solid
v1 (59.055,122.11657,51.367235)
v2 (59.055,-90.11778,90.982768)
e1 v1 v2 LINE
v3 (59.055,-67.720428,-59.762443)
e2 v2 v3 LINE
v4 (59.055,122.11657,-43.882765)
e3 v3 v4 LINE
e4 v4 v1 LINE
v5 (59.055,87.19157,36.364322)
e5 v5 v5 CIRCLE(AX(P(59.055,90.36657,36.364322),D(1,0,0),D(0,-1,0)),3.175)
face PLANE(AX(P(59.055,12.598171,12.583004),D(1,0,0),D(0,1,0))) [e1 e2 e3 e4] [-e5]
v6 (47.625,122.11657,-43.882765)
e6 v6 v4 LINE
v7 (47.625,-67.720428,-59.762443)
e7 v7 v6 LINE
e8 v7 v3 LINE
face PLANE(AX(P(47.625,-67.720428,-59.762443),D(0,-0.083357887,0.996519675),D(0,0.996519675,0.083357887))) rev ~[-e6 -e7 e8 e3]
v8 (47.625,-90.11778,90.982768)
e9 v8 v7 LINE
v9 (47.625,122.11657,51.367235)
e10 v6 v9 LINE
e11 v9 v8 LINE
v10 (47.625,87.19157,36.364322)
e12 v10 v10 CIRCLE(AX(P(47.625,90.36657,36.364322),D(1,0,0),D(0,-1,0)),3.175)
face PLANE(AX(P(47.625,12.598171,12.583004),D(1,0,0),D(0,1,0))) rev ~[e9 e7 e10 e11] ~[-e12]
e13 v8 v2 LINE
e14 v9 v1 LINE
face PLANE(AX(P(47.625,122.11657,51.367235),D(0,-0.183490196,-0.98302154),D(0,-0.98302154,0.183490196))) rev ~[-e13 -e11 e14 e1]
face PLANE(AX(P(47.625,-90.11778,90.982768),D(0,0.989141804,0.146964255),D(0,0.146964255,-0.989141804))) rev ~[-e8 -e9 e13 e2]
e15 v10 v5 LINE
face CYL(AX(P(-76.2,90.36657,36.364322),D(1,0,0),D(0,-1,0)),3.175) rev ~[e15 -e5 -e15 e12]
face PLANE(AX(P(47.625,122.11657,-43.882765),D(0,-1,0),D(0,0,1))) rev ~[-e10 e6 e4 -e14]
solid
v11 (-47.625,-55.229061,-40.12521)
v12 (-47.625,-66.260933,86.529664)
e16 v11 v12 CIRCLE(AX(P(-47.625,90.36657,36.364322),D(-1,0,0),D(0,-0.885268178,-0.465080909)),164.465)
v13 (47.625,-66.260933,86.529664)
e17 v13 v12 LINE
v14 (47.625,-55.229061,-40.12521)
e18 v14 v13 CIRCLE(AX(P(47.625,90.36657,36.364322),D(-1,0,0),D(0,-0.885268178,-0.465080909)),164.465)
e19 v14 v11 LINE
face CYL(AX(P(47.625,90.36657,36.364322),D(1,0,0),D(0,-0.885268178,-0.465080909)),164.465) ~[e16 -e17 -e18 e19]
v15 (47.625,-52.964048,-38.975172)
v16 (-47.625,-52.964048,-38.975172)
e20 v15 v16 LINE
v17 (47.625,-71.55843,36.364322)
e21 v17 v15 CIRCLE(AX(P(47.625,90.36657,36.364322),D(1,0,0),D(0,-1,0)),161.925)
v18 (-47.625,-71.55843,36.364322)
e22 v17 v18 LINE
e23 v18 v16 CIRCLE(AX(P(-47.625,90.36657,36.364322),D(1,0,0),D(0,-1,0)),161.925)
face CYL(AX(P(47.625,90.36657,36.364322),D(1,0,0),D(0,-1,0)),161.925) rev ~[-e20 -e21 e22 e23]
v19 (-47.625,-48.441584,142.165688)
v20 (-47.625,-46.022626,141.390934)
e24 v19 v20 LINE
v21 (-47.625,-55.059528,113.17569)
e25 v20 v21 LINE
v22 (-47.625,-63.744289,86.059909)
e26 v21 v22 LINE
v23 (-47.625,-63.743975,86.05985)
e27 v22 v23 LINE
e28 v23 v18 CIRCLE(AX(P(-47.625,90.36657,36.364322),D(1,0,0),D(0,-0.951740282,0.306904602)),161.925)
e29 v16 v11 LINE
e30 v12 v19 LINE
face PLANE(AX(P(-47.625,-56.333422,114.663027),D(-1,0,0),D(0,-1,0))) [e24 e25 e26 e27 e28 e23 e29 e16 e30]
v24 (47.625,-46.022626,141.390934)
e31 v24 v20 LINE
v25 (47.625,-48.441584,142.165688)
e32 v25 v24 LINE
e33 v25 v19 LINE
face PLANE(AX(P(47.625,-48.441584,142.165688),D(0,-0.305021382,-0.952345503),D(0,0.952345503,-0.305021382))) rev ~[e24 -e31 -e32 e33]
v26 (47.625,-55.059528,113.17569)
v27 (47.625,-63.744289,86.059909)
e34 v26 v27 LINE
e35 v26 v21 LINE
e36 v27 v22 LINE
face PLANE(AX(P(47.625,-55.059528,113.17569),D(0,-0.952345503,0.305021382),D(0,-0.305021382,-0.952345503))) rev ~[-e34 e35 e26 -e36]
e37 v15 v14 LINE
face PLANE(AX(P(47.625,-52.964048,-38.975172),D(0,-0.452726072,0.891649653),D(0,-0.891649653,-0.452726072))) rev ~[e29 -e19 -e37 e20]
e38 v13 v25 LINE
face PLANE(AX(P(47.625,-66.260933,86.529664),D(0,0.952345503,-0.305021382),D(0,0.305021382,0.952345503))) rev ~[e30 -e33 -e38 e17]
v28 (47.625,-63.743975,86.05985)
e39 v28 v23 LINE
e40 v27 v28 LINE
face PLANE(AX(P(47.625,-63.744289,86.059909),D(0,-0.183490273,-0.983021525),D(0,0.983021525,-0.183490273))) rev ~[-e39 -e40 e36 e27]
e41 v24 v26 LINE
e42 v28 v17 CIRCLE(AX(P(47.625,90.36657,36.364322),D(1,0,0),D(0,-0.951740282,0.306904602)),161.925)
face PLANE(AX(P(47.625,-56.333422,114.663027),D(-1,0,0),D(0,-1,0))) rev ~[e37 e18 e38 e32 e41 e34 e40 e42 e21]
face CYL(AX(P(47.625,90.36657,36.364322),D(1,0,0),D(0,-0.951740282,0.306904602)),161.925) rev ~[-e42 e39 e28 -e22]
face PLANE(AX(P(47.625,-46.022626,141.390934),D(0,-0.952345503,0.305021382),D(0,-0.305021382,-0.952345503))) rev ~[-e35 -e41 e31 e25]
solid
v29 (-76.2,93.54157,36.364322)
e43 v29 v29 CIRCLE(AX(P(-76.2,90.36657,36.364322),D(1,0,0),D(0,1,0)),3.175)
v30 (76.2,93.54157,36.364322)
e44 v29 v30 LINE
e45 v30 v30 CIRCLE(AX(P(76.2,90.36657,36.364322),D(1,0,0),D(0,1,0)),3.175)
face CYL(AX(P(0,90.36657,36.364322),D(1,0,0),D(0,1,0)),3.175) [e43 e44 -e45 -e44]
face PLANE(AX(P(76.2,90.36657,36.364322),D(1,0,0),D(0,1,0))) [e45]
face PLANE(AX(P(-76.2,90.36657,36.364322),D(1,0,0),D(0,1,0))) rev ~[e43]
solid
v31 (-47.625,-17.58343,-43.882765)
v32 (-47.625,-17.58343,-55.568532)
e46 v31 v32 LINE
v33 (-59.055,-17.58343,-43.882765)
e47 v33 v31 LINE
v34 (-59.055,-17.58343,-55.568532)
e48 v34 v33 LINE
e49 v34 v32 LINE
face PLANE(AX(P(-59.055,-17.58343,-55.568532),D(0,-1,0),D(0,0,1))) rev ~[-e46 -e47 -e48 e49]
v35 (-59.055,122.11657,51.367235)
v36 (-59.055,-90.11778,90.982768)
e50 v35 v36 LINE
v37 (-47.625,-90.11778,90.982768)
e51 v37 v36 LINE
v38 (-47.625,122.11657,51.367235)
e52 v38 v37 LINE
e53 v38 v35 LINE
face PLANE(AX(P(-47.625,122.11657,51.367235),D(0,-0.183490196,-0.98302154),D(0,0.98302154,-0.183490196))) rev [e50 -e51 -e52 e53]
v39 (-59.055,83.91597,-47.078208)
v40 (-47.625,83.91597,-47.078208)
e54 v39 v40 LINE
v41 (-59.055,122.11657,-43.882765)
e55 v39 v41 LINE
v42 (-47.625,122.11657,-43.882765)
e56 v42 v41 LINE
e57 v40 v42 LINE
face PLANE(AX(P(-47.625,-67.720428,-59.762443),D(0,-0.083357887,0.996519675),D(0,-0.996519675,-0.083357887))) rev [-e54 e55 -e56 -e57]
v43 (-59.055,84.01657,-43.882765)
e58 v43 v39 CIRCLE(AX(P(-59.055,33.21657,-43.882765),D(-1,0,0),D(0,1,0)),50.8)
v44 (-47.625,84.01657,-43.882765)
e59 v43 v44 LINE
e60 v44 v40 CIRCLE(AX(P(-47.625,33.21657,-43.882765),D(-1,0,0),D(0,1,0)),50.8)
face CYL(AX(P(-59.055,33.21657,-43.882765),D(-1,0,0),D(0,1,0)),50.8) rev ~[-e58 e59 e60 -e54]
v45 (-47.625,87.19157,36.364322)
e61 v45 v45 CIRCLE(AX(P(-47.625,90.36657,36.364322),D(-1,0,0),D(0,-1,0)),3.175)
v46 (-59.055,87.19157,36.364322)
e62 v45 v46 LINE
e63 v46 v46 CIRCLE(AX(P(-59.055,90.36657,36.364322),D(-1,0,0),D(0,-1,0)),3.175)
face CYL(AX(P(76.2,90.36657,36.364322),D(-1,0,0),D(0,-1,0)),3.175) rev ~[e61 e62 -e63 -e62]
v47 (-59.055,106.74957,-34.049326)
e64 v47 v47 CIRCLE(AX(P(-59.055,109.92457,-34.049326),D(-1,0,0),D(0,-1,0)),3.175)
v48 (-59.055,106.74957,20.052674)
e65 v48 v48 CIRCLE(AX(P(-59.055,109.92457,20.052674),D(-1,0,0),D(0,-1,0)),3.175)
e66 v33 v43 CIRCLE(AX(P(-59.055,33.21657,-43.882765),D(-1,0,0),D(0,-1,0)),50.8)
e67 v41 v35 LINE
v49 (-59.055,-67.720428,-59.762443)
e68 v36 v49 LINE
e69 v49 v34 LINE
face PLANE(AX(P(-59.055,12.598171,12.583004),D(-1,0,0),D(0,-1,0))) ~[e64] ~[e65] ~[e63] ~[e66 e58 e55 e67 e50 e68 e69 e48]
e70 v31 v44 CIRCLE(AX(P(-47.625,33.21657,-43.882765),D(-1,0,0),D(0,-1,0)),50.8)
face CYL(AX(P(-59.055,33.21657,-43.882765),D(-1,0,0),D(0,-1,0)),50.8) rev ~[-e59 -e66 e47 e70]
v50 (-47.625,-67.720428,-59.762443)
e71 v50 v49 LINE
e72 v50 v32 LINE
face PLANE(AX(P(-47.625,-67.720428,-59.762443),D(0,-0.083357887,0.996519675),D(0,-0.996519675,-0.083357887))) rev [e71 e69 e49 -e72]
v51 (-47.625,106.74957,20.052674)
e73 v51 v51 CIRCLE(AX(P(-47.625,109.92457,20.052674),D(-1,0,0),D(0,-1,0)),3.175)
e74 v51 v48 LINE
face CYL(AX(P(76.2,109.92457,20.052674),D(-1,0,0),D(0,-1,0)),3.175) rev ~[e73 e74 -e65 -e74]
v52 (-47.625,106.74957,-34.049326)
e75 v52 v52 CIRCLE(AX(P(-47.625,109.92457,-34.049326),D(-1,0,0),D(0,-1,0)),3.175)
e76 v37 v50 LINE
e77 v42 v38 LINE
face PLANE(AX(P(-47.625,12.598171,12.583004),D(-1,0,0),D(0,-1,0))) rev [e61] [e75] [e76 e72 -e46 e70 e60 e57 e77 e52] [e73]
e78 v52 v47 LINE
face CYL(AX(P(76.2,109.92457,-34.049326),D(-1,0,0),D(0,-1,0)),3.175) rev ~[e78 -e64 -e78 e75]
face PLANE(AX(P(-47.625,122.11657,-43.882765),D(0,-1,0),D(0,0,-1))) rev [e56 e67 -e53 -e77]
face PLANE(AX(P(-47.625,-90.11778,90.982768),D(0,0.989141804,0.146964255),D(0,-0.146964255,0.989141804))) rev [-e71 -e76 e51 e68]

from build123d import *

# Parameters (mm, degrees)
F0_R      = 3.175
F1_DEPTH  = 11.43
F5_DEPTH  = 25.4
F6_D      = 6.35
F6_DEPTH  = 76.2
F6_TIP    = 1.9077324654
F7_D      = 6.35
F7_DEPTH  = 76.2
F7_TIP    = 1.9077324654
F8_D      = 6.35
F8_DEPTH  = 76.2
F8_TIP    = 1.9077324654
F9_D      = 6.35
F9_DEPTH  = 76.2
F9_TIP    = 1.9077324654
F11_DEPTH = 95.25
F12_DEPTH = 76.2


with BuildPart() as f1:
    # F0 (on Right) → F1 (new body)
    with BuildSketch(Plane.YZ):
        Polygon((122.1165703362, -43.8827651219), (122.1165703362, 51.3672348781), (-90.1177801321, 90.9827682114), (-67.7204277456, -59.7624426779), align=None)
        with Locations((109.9245703362, -34.0493256675)):
            Circle(F0_R, mode=Mode.SUBTRACT)
        with Locations((109.9245703362, 20.0526743325)):
            Circle(F0_R, mode=Mode.SUBTRACT)
        with Locations((90.3665703362, 36.3643222504)):
            Circle(F0_R, mode=Mode.SUBTRACT)
        with Locations((90.3665703362, 36.3643222504)):
            Circle(F0_R)
        with Locations((109.9245703362, 20.0526743325)):
            Circle(F0_R)
        with Locations((109.9245703362, -34.0493256675)):
            Circle(F0_R)
    extrude(amount=F1_DEPTH)


with BuildPart() as f1_1:
    # F2: moved
    add(f1.part.moved(Location((47.625, 0, 0))))


with BuildPart() as f3_1:
    # F3: instance of F1
    add(f1_1.part.mirror(Plane.YZ))

    # F4 (on face) → F5 (cut)
    with BuildSketch(Plane(origin=(-59.055, 0, 0), x_dir=(0, -1, 0), z_dir=(-1, 0, 0))):
        with BuildLine():
            ThreePointArc((17.5834296638, -43.8827651219), (-33.2165703362, 6.9172348781), (-84.0165703362, -43.8827651219))
            ThreePointArc((-84.0165703362, -43.8827651219), (-83.9914140751, -45.4812779607), (-83.9159702065, -47.0782076259))
            Line((-83.9159702065, -47.0782076259), (16.2473795848, -55.4567729935))
            ThreePointArc((16.2473795848, -55.4567729935), (17.2483117898, -49.7081983252), (17.5834296638, -43.8827651219))
        make_face()
        with BuildLine():
            Line((17.5834296638, -55.5685322642), (17.5834296638, -43.8827651219))
            ThreePointArc((17.5834296638, -43.8827651219), (17.2483117898, -49.7081983252), (16.2473795848, -55.4567729935))
            Line((16.2473795848, -55.4567729935), (17.5834296638, -55.5685322642))
        make_face()
    extrude(amount=-F5_DEPTH, mode=Mode.SUBTRACT)

    # F6
    with Locations(Plane.YZ):
        with Locations((90.3665703362, 36.3643222504)):
            Hole(F6_D / 2, depth=F6_DEPTH)
            with Locations((0, 0, -(F6_DEPTH + F6_TIP / 2))):  # 118° drill point
                Cone(0, F6_D / 2, F6_TIP, mode=Mode.SUBTRACT)

    # F7
    with Locations(Plane.YZ):
        with Locations((109.9245703362, 20.0526743325)):
            Hole(F7_D / 2, depth=F7_DEPTH)
            with Locations((0, 0, -(F7_DEPTH + F7_TIP / 2))):  # 118° drill point
                Cone(0, F7_D / 2, F7_TIP, mode=Mode.SUBTRACT)

    # F8
    with Locations(Plane.YZ):
        with Locations((109.9245703362, -34.0493256675)):
            Hole(F8_D / 2, depth=F8_DEPTH)
            with Locations((0, 0, -(F8_DEPTH + F8_TIP / 2))):  # 118° drill point
                Cone(0, F8_D / 2, F8_TIP, mode=Mode.SUBTRACT)


with BuildPart() as f1_2:
    add(f1_1.part)

    # F9
    with Locations(Plane(origin=(0, 0, 0), x_dir=(0, 1, 0), z_dir=(-1, 0, 0))):
        with Locations((90.3665703362, -36.3643222504)):
            Hole(F9_D / 2, depth=F9_DEPTH)
            with Locations((0, 0, -(F9_DEPTH + F9_TIP / 2))):  # 118° drill point
                Cone(0, F9_D / 2, F9_TIP, mode=Mode.SUBTRACT)


with BuildPart() as f11:
    # F10 (on face) → F11 (new body)
    with BuildSketch(Plane(origin=(47.625, 0, 0), x_dir=(0, -1, 0), z_dir=(-1, 0, 0))):
        with BuildLine():
            Line((46.0226261079, 141.3909337274), (55.0595276774, 113.1756901692))
            ThreePointArc((55.0595276774, 113.1756901692), (61.2467442889, 100.0992346093), (66.2609327925, 86.5296637591))
            Line((66.2609327925, 86.5296637591), (48.4415836851, 142.1656880364))
            Line((48.4415836851, 142.1656880364), (46.0226261079, 141.3909337274))
        make_face()
        with BuildLine():
            Line((55.0595276774, 113.1756901692), (63.7442887749, 86.0599085345))
            Line((63.7442887749, 86.0599085345), (66.2609327925, 86.5296637591))
            ThreePointArc((66.2609327925, 86.5296637591), (61.2467442889, 100.0992346093), (55.0595276774, 113.1756901692))
        make_face()
        with BuildLine():
            Line((63.7442887749, 86.0599085345), (63.7439748969, 86.0598499462))
            ThreePointArc((63.7439748969, 86.0598499462), (69.5928864987, 61.5174094181), (71.5584296638, 36.3643222504))
            ThreePointArc((71.5584296638, 36.3643222504), (66.8411203346, -2.4357759317), (52.9640480804, -38.9751723676))
            Line((52.9640480804, -38.9751723676), (55.2290606215, -40.1252095237))
            ThreePointArc((55.2290606215, -40.1252095237), (69.3114207434, -3.0269888444), (74.0984296638, 36.3643222504))
            ThreePointArc((74.0984296638, 36.3643222504), (72.1272426646, 61.7512669557), (66.2609327925, 86.5296637591))
            Line((66.2609327925, 86.5296637591), (63.7442887749, 86.0599085345))
        make_face()
    extrude(amount=F11_DEPTH)


with BuildPart() as f12:
    # F0 (on Right) → F12 (new body, symmetric)
    with BuildSketch(Plane.YZ):
        with Locations((90.3665703362, 36.3643222504)):
            Circle(F0_R)
    extrude(amount=F12_DEPTH, both=True)


solid = Compound([f3_1.part, f1_2.part, f11.part, f12.part])
